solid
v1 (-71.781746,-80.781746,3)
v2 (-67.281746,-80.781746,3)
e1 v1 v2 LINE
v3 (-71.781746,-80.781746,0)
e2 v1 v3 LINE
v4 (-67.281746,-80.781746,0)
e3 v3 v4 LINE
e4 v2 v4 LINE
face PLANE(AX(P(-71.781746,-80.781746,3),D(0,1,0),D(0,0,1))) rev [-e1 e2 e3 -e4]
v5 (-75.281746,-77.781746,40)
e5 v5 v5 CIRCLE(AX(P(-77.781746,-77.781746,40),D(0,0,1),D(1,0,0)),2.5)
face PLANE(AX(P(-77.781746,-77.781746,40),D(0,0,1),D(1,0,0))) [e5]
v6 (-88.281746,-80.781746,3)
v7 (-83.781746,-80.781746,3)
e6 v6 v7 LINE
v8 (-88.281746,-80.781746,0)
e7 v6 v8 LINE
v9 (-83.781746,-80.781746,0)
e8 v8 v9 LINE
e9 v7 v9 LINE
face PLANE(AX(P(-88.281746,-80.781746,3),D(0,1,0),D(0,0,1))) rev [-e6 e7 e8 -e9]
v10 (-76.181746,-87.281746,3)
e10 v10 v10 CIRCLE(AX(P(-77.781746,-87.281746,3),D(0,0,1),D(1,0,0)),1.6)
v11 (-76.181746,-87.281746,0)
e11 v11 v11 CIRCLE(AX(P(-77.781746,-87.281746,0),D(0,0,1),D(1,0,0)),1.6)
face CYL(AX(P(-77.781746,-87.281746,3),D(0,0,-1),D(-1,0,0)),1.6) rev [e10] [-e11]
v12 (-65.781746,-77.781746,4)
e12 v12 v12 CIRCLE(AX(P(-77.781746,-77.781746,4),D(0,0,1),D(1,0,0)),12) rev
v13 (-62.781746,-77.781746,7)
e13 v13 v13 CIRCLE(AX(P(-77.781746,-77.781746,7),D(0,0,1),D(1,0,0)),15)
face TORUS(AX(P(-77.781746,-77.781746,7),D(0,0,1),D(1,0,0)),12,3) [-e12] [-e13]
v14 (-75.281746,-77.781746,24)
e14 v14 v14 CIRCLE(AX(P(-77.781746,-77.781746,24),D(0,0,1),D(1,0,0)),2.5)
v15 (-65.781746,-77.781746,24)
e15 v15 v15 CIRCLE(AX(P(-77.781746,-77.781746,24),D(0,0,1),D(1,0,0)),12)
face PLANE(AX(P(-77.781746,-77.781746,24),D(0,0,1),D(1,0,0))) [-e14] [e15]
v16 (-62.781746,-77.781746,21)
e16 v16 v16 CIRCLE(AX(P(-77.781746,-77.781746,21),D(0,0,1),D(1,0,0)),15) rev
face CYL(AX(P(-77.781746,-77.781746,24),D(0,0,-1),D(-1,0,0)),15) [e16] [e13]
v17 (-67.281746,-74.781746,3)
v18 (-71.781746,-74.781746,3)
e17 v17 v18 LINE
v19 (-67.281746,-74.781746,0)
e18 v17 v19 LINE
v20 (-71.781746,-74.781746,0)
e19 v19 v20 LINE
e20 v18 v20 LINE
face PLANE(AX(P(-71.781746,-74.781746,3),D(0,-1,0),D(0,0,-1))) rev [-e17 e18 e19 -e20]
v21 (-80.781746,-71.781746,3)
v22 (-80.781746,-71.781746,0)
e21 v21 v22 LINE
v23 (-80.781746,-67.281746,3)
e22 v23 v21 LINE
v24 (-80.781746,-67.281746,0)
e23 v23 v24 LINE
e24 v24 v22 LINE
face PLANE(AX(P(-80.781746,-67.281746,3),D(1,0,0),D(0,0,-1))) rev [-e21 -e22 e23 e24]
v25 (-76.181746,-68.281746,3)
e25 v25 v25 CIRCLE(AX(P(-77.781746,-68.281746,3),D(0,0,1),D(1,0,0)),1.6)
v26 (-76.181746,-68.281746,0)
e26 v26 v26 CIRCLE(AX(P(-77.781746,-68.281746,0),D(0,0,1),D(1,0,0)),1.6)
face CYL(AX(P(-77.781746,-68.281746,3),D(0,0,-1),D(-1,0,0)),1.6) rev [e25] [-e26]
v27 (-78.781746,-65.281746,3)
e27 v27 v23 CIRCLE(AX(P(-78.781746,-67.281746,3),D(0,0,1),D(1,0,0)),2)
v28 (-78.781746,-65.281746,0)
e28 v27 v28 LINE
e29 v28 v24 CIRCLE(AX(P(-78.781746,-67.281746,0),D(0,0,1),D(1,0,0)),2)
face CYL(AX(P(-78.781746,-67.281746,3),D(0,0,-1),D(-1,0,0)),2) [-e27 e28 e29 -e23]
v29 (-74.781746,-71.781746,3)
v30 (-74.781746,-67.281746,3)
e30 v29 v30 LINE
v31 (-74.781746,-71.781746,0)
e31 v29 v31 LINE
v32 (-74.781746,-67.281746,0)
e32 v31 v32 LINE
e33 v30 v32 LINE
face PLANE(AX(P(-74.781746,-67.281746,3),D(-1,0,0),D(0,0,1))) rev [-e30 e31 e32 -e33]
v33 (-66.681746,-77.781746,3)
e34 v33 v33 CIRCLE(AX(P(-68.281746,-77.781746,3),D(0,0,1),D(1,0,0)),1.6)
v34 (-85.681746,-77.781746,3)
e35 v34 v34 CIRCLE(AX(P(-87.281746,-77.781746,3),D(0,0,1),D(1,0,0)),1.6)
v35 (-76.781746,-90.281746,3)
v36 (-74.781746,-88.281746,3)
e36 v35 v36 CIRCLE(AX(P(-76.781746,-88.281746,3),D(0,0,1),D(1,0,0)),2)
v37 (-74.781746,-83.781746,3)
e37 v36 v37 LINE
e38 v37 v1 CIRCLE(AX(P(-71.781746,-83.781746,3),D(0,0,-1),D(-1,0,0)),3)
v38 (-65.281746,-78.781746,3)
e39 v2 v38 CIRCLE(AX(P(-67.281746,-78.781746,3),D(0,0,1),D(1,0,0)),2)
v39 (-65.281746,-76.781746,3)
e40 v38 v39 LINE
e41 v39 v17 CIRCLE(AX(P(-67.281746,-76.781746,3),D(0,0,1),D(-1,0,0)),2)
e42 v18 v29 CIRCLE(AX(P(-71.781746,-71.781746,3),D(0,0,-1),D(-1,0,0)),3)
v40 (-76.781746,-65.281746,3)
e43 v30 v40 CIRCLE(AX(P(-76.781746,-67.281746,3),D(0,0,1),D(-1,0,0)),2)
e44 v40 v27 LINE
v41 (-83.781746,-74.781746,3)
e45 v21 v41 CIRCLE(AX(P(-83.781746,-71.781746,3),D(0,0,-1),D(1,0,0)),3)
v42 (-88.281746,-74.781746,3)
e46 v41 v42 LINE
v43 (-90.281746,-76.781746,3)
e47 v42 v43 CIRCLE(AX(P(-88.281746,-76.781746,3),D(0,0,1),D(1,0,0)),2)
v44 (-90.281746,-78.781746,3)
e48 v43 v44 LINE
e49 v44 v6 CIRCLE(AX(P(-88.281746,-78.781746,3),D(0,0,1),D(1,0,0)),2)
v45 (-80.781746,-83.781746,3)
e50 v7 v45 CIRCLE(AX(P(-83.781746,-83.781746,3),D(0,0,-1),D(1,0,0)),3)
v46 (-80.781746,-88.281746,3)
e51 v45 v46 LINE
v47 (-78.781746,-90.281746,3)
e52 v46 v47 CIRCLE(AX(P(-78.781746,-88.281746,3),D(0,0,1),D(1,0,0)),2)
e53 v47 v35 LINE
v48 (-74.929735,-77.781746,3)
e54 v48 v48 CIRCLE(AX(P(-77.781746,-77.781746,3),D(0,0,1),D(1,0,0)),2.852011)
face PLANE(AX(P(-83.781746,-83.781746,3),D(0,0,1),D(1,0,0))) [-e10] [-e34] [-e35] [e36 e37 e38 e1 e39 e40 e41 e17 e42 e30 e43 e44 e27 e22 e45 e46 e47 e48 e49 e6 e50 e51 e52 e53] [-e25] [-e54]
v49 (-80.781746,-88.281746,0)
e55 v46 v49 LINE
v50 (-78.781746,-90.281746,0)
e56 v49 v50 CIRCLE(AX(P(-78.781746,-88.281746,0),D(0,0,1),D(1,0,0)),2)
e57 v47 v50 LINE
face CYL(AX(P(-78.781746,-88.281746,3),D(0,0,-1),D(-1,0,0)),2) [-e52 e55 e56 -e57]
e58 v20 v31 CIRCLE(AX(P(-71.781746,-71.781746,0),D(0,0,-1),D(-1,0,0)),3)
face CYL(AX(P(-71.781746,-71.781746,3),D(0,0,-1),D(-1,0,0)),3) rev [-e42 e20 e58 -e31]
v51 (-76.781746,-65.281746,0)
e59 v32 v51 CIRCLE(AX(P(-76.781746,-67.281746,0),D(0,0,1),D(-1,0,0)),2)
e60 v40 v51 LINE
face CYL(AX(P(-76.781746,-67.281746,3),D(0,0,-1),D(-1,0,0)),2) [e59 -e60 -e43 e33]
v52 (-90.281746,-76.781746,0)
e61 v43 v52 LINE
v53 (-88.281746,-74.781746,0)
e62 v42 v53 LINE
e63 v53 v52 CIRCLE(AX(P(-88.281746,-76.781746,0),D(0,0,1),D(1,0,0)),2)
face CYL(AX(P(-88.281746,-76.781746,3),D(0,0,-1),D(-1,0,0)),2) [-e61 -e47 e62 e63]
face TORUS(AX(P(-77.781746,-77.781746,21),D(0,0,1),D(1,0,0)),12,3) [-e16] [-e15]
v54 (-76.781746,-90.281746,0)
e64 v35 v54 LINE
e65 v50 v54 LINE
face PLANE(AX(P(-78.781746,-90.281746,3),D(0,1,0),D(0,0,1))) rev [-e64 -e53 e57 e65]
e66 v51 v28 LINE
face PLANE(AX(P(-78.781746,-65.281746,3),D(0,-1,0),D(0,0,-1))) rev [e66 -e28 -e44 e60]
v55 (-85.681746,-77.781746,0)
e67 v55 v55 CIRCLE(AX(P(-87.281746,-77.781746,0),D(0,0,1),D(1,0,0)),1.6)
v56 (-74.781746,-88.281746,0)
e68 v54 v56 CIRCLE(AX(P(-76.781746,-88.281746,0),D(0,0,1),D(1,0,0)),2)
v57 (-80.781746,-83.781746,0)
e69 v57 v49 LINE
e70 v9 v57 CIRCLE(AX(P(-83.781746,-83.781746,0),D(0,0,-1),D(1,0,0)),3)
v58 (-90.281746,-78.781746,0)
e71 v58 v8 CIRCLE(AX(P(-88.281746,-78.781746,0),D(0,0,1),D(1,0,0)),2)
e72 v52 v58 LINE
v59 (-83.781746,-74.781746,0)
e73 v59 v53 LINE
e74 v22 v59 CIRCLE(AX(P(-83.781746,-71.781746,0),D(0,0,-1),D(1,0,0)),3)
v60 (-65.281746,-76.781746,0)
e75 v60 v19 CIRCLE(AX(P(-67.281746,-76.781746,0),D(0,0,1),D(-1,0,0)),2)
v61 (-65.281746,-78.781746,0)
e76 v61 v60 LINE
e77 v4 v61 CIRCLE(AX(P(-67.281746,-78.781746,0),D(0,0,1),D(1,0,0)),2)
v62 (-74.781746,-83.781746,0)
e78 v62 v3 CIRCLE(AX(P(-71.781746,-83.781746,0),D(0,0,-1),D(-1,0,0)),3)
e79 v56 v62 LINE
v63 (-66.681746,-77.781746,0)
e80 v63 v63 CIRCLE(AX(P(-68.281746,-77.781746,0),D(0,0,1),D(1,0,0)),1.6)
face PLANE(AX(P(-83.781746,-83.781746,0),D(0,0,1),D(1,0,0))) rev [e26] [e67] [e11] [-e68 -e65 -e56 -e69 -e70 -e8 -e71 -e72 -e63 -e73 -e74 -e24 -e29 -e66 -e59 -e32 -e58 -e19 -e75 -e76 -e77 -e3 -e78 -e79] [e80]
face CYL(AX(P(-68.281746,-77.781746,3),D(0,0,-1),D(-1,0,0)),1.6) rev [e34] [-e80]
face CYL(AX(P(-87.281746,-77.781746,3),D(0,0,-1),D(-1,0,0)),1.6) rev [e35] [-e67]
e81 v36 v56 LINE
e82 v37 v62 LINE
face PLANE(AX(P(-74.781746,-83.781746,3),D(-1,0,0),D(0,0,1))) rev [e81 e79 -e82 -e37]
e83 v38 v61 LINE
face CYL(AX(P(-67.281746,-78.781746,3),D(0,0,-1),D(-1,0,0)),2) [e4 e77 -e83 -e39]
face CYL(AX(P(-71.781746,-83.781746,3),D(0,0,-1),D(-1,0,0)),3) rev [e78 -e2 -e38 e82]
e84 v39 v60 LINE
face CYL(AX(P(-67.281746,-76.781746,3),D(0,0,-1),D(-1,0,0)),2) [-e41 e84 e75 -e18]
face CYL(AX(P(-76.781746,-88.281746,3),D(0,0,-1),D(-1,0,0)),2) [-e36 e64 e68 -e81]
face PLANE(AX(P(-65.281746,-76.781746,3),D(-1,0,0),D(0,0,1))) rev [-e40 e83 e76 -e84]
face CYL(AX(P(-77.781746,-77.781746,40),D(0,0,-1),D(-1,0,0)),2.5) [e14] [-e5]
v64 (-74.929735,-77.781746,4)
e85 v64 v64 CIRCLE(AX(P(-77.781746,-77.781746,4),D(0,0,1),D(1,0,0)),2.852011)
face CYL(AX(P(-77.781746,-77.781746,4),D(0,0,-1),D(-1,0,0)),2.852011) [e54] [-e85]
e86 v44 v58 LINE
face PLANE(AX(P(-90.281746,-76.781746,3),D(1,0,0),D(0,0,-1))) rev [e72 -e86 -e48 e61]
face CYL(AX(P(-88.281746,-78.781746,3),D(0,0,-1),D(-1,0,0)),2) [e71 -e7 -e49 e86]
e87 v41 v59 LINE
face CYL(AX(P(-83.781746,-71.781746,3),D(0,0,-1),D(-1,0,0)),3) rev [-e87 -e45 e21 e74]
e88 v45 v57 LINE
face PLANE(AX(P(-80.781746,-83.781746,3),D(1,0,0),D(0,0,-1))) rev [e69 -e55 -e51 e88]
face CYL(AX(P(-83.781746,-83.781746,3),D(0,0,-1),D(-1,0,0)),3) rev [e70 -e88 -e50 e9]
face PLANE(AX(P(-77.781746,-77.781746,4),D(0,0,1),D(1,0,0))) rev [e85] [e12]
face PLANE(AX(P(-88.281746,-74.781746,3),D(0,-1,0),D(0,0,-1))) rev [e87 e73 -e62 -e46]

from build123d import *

# Parameters (mm, degrees)
SKETCH1_R           = 1.6
BOSS_EXTRUDE1_DEPTH = 3
SKETCH2_R           = 2.852011264
BOSS_EXTRUDE2_DEPTH = 1
SKETCH3_R           = 15
BOSS_EXTRUDE3_DEPTH = 20
SKETCH4_R           = 2.5
BOSS_EXTRUDE4_DEPTH = 16
FILLET1_R           = 3


with BuildPart() as part:
    # Sketch1 → Boss-Extrude1 (new body)
    with BuildSketch(Plane.XY):
        with BuildLine():
            Line((-71.781745931, -74.781745931), (-67.281745931, -74.781745931))
            ThreePointArc((-67.281745931, -74.781745931), (-65.867532368, -75.367532368), (-65.281745931, -76.781745931))
            Line((-65.281745931, -76.781745931), (-65.281745931, -78.781745931))
            ThreePointArc((-65.281745931, -78.781745931), (-65.867532368, -80.195959493), (-67.281745931, -80.781745931))
            Line((-67.281745931, -80.781745931), (-71.781745931, -80.781745931))
            ThreePointArc((-71.781745931, -80.781745931), (-73.903066274, -81.660425587), (-74.781745931, -83.781745931))
            Line((-74.781745931, -83.781745931), (-74.781745931, -88.281745931))
            ThreePointArc((-74.781745931, -88.281745931), (-75.367532368, -89.695959493), (-76.781745931, -90.281745931))
            Line((-76.781745931, -90.281745931), (-78.781745931, -90.281745931))
            ThreePointArc((-78.781745931, -90.281745931), (-80.195959493, -89.695959493), (-80.781745931, -88.281745931))
            Line((-80.781745931, -88.281745931), (-80.781745931, -83.781745931))
            ThreePointArc((-80.781745931, -83.781745931), (-81.660425587, -81.660425587), (-83.781745931, -80.781745931))
            Line((-83.781745931, -80.781745931), (-88.281745931, -80.781745931))
            ThreePointArc((-88.281745931, -80.781745931), (-89.695959493, -80.195959493), (-90.281745931, -78.781745931))
            Line((-90.281745931, -78.781745931), (-90.281745931, -76.781745931))
            ThreePointArc((-90.281745931, -76.781745931), (-89.695959493, -75.367532368), (-88.281745931, -74.781745931))
            Line((-88.281745931, -74.781745931), (-83.781745931, -74.781745931))
            ThreePointArc((-83.781745931, -74.781745931), (-81.660425587, -73.903066274), (-80.781745931, -71.781745931))
            Line((-80.781745931, -71.781745931), (-80.781745931, -67.281745931))
            ThreePointArc((-80.781745931, -67.281745931), (-80.195959493, -65.867532368), (-78.781745931, -65.281745931))
            Line((-78.781745931, -65.281745931), (-76.781745931, -65.281745931))
            ThreePointArc((-76.781745931, -65.281745931), (-75.367532368, -65.867532368), (-74.781745931, -67.281745931))
            Line((-74.781745931, -67.281745931), (-74.781745931, -71.781745931))
            ThreePointArc((-74.781745931, -71.781745931), (-73.903066274, -73.903066274), (-71.781745931, -74.781745931))
        make_face()
        with Locations((-77.781745931, -68.281745931)):
            Circle(SKETCH1_R, mode=Mode.SUBTRACT)
        with Locations((-68.281745931, -77.781745931)):
            Circle(SKETCH1_R, mode=Mode.SUBTRACT)
        with Locations((-77.781745931, -87.281745931)):
            Circle(SKETCH1_R, mode=Mode.SUBTRACT)
        with Locations((-87.281745931, -77.781745931)):
            Circle(SKETCH1_R, mode=Mode.SUBTRACT)
    extrude(amount=BOSS_EXTRUDE1_DEPTH)

    # Sketch2 → Boss-Extrude2 (add)
    with BuildSketch(Plane.XY.offset(3)):
        with Locations((-77.781745931, -77.781745931)):
            Circle(SKETCH2_R)
    extrude(amount=BOSS_EXTRUDE2_DEPTH)

    # Sketch3 → Boss-Extrude3 (add)
    with BuildSketch(Plane.XY.offset(4)):
        with Locations((-77.781745931, -77.781745931)):
            Circle(SKETCH3_R)
    extrude(amount=BOSS_EXTRUDE3_DEPTH)

    # Sketch4 → Boss-Extrude4 (add)
    with BuildSketch(Plane.XY.offset(24)):
        with Locations((-77.781745931, -77.781745931)):
            Circle(SKETCH4_R)
    extrude(amount=BOSS_EXTRUDE4_DEPTH)

    # Fillet1
    fillet1_edges = [part.edges().sort_by_distance(p)[0] for p in [
        (-92.781745931, -77.781745931, 4),
        (-92.781745931, -77.781745931, 24),
    ]]
    fillet(fillet1_edges, radius=FILLET1_R)


solid = part.part
